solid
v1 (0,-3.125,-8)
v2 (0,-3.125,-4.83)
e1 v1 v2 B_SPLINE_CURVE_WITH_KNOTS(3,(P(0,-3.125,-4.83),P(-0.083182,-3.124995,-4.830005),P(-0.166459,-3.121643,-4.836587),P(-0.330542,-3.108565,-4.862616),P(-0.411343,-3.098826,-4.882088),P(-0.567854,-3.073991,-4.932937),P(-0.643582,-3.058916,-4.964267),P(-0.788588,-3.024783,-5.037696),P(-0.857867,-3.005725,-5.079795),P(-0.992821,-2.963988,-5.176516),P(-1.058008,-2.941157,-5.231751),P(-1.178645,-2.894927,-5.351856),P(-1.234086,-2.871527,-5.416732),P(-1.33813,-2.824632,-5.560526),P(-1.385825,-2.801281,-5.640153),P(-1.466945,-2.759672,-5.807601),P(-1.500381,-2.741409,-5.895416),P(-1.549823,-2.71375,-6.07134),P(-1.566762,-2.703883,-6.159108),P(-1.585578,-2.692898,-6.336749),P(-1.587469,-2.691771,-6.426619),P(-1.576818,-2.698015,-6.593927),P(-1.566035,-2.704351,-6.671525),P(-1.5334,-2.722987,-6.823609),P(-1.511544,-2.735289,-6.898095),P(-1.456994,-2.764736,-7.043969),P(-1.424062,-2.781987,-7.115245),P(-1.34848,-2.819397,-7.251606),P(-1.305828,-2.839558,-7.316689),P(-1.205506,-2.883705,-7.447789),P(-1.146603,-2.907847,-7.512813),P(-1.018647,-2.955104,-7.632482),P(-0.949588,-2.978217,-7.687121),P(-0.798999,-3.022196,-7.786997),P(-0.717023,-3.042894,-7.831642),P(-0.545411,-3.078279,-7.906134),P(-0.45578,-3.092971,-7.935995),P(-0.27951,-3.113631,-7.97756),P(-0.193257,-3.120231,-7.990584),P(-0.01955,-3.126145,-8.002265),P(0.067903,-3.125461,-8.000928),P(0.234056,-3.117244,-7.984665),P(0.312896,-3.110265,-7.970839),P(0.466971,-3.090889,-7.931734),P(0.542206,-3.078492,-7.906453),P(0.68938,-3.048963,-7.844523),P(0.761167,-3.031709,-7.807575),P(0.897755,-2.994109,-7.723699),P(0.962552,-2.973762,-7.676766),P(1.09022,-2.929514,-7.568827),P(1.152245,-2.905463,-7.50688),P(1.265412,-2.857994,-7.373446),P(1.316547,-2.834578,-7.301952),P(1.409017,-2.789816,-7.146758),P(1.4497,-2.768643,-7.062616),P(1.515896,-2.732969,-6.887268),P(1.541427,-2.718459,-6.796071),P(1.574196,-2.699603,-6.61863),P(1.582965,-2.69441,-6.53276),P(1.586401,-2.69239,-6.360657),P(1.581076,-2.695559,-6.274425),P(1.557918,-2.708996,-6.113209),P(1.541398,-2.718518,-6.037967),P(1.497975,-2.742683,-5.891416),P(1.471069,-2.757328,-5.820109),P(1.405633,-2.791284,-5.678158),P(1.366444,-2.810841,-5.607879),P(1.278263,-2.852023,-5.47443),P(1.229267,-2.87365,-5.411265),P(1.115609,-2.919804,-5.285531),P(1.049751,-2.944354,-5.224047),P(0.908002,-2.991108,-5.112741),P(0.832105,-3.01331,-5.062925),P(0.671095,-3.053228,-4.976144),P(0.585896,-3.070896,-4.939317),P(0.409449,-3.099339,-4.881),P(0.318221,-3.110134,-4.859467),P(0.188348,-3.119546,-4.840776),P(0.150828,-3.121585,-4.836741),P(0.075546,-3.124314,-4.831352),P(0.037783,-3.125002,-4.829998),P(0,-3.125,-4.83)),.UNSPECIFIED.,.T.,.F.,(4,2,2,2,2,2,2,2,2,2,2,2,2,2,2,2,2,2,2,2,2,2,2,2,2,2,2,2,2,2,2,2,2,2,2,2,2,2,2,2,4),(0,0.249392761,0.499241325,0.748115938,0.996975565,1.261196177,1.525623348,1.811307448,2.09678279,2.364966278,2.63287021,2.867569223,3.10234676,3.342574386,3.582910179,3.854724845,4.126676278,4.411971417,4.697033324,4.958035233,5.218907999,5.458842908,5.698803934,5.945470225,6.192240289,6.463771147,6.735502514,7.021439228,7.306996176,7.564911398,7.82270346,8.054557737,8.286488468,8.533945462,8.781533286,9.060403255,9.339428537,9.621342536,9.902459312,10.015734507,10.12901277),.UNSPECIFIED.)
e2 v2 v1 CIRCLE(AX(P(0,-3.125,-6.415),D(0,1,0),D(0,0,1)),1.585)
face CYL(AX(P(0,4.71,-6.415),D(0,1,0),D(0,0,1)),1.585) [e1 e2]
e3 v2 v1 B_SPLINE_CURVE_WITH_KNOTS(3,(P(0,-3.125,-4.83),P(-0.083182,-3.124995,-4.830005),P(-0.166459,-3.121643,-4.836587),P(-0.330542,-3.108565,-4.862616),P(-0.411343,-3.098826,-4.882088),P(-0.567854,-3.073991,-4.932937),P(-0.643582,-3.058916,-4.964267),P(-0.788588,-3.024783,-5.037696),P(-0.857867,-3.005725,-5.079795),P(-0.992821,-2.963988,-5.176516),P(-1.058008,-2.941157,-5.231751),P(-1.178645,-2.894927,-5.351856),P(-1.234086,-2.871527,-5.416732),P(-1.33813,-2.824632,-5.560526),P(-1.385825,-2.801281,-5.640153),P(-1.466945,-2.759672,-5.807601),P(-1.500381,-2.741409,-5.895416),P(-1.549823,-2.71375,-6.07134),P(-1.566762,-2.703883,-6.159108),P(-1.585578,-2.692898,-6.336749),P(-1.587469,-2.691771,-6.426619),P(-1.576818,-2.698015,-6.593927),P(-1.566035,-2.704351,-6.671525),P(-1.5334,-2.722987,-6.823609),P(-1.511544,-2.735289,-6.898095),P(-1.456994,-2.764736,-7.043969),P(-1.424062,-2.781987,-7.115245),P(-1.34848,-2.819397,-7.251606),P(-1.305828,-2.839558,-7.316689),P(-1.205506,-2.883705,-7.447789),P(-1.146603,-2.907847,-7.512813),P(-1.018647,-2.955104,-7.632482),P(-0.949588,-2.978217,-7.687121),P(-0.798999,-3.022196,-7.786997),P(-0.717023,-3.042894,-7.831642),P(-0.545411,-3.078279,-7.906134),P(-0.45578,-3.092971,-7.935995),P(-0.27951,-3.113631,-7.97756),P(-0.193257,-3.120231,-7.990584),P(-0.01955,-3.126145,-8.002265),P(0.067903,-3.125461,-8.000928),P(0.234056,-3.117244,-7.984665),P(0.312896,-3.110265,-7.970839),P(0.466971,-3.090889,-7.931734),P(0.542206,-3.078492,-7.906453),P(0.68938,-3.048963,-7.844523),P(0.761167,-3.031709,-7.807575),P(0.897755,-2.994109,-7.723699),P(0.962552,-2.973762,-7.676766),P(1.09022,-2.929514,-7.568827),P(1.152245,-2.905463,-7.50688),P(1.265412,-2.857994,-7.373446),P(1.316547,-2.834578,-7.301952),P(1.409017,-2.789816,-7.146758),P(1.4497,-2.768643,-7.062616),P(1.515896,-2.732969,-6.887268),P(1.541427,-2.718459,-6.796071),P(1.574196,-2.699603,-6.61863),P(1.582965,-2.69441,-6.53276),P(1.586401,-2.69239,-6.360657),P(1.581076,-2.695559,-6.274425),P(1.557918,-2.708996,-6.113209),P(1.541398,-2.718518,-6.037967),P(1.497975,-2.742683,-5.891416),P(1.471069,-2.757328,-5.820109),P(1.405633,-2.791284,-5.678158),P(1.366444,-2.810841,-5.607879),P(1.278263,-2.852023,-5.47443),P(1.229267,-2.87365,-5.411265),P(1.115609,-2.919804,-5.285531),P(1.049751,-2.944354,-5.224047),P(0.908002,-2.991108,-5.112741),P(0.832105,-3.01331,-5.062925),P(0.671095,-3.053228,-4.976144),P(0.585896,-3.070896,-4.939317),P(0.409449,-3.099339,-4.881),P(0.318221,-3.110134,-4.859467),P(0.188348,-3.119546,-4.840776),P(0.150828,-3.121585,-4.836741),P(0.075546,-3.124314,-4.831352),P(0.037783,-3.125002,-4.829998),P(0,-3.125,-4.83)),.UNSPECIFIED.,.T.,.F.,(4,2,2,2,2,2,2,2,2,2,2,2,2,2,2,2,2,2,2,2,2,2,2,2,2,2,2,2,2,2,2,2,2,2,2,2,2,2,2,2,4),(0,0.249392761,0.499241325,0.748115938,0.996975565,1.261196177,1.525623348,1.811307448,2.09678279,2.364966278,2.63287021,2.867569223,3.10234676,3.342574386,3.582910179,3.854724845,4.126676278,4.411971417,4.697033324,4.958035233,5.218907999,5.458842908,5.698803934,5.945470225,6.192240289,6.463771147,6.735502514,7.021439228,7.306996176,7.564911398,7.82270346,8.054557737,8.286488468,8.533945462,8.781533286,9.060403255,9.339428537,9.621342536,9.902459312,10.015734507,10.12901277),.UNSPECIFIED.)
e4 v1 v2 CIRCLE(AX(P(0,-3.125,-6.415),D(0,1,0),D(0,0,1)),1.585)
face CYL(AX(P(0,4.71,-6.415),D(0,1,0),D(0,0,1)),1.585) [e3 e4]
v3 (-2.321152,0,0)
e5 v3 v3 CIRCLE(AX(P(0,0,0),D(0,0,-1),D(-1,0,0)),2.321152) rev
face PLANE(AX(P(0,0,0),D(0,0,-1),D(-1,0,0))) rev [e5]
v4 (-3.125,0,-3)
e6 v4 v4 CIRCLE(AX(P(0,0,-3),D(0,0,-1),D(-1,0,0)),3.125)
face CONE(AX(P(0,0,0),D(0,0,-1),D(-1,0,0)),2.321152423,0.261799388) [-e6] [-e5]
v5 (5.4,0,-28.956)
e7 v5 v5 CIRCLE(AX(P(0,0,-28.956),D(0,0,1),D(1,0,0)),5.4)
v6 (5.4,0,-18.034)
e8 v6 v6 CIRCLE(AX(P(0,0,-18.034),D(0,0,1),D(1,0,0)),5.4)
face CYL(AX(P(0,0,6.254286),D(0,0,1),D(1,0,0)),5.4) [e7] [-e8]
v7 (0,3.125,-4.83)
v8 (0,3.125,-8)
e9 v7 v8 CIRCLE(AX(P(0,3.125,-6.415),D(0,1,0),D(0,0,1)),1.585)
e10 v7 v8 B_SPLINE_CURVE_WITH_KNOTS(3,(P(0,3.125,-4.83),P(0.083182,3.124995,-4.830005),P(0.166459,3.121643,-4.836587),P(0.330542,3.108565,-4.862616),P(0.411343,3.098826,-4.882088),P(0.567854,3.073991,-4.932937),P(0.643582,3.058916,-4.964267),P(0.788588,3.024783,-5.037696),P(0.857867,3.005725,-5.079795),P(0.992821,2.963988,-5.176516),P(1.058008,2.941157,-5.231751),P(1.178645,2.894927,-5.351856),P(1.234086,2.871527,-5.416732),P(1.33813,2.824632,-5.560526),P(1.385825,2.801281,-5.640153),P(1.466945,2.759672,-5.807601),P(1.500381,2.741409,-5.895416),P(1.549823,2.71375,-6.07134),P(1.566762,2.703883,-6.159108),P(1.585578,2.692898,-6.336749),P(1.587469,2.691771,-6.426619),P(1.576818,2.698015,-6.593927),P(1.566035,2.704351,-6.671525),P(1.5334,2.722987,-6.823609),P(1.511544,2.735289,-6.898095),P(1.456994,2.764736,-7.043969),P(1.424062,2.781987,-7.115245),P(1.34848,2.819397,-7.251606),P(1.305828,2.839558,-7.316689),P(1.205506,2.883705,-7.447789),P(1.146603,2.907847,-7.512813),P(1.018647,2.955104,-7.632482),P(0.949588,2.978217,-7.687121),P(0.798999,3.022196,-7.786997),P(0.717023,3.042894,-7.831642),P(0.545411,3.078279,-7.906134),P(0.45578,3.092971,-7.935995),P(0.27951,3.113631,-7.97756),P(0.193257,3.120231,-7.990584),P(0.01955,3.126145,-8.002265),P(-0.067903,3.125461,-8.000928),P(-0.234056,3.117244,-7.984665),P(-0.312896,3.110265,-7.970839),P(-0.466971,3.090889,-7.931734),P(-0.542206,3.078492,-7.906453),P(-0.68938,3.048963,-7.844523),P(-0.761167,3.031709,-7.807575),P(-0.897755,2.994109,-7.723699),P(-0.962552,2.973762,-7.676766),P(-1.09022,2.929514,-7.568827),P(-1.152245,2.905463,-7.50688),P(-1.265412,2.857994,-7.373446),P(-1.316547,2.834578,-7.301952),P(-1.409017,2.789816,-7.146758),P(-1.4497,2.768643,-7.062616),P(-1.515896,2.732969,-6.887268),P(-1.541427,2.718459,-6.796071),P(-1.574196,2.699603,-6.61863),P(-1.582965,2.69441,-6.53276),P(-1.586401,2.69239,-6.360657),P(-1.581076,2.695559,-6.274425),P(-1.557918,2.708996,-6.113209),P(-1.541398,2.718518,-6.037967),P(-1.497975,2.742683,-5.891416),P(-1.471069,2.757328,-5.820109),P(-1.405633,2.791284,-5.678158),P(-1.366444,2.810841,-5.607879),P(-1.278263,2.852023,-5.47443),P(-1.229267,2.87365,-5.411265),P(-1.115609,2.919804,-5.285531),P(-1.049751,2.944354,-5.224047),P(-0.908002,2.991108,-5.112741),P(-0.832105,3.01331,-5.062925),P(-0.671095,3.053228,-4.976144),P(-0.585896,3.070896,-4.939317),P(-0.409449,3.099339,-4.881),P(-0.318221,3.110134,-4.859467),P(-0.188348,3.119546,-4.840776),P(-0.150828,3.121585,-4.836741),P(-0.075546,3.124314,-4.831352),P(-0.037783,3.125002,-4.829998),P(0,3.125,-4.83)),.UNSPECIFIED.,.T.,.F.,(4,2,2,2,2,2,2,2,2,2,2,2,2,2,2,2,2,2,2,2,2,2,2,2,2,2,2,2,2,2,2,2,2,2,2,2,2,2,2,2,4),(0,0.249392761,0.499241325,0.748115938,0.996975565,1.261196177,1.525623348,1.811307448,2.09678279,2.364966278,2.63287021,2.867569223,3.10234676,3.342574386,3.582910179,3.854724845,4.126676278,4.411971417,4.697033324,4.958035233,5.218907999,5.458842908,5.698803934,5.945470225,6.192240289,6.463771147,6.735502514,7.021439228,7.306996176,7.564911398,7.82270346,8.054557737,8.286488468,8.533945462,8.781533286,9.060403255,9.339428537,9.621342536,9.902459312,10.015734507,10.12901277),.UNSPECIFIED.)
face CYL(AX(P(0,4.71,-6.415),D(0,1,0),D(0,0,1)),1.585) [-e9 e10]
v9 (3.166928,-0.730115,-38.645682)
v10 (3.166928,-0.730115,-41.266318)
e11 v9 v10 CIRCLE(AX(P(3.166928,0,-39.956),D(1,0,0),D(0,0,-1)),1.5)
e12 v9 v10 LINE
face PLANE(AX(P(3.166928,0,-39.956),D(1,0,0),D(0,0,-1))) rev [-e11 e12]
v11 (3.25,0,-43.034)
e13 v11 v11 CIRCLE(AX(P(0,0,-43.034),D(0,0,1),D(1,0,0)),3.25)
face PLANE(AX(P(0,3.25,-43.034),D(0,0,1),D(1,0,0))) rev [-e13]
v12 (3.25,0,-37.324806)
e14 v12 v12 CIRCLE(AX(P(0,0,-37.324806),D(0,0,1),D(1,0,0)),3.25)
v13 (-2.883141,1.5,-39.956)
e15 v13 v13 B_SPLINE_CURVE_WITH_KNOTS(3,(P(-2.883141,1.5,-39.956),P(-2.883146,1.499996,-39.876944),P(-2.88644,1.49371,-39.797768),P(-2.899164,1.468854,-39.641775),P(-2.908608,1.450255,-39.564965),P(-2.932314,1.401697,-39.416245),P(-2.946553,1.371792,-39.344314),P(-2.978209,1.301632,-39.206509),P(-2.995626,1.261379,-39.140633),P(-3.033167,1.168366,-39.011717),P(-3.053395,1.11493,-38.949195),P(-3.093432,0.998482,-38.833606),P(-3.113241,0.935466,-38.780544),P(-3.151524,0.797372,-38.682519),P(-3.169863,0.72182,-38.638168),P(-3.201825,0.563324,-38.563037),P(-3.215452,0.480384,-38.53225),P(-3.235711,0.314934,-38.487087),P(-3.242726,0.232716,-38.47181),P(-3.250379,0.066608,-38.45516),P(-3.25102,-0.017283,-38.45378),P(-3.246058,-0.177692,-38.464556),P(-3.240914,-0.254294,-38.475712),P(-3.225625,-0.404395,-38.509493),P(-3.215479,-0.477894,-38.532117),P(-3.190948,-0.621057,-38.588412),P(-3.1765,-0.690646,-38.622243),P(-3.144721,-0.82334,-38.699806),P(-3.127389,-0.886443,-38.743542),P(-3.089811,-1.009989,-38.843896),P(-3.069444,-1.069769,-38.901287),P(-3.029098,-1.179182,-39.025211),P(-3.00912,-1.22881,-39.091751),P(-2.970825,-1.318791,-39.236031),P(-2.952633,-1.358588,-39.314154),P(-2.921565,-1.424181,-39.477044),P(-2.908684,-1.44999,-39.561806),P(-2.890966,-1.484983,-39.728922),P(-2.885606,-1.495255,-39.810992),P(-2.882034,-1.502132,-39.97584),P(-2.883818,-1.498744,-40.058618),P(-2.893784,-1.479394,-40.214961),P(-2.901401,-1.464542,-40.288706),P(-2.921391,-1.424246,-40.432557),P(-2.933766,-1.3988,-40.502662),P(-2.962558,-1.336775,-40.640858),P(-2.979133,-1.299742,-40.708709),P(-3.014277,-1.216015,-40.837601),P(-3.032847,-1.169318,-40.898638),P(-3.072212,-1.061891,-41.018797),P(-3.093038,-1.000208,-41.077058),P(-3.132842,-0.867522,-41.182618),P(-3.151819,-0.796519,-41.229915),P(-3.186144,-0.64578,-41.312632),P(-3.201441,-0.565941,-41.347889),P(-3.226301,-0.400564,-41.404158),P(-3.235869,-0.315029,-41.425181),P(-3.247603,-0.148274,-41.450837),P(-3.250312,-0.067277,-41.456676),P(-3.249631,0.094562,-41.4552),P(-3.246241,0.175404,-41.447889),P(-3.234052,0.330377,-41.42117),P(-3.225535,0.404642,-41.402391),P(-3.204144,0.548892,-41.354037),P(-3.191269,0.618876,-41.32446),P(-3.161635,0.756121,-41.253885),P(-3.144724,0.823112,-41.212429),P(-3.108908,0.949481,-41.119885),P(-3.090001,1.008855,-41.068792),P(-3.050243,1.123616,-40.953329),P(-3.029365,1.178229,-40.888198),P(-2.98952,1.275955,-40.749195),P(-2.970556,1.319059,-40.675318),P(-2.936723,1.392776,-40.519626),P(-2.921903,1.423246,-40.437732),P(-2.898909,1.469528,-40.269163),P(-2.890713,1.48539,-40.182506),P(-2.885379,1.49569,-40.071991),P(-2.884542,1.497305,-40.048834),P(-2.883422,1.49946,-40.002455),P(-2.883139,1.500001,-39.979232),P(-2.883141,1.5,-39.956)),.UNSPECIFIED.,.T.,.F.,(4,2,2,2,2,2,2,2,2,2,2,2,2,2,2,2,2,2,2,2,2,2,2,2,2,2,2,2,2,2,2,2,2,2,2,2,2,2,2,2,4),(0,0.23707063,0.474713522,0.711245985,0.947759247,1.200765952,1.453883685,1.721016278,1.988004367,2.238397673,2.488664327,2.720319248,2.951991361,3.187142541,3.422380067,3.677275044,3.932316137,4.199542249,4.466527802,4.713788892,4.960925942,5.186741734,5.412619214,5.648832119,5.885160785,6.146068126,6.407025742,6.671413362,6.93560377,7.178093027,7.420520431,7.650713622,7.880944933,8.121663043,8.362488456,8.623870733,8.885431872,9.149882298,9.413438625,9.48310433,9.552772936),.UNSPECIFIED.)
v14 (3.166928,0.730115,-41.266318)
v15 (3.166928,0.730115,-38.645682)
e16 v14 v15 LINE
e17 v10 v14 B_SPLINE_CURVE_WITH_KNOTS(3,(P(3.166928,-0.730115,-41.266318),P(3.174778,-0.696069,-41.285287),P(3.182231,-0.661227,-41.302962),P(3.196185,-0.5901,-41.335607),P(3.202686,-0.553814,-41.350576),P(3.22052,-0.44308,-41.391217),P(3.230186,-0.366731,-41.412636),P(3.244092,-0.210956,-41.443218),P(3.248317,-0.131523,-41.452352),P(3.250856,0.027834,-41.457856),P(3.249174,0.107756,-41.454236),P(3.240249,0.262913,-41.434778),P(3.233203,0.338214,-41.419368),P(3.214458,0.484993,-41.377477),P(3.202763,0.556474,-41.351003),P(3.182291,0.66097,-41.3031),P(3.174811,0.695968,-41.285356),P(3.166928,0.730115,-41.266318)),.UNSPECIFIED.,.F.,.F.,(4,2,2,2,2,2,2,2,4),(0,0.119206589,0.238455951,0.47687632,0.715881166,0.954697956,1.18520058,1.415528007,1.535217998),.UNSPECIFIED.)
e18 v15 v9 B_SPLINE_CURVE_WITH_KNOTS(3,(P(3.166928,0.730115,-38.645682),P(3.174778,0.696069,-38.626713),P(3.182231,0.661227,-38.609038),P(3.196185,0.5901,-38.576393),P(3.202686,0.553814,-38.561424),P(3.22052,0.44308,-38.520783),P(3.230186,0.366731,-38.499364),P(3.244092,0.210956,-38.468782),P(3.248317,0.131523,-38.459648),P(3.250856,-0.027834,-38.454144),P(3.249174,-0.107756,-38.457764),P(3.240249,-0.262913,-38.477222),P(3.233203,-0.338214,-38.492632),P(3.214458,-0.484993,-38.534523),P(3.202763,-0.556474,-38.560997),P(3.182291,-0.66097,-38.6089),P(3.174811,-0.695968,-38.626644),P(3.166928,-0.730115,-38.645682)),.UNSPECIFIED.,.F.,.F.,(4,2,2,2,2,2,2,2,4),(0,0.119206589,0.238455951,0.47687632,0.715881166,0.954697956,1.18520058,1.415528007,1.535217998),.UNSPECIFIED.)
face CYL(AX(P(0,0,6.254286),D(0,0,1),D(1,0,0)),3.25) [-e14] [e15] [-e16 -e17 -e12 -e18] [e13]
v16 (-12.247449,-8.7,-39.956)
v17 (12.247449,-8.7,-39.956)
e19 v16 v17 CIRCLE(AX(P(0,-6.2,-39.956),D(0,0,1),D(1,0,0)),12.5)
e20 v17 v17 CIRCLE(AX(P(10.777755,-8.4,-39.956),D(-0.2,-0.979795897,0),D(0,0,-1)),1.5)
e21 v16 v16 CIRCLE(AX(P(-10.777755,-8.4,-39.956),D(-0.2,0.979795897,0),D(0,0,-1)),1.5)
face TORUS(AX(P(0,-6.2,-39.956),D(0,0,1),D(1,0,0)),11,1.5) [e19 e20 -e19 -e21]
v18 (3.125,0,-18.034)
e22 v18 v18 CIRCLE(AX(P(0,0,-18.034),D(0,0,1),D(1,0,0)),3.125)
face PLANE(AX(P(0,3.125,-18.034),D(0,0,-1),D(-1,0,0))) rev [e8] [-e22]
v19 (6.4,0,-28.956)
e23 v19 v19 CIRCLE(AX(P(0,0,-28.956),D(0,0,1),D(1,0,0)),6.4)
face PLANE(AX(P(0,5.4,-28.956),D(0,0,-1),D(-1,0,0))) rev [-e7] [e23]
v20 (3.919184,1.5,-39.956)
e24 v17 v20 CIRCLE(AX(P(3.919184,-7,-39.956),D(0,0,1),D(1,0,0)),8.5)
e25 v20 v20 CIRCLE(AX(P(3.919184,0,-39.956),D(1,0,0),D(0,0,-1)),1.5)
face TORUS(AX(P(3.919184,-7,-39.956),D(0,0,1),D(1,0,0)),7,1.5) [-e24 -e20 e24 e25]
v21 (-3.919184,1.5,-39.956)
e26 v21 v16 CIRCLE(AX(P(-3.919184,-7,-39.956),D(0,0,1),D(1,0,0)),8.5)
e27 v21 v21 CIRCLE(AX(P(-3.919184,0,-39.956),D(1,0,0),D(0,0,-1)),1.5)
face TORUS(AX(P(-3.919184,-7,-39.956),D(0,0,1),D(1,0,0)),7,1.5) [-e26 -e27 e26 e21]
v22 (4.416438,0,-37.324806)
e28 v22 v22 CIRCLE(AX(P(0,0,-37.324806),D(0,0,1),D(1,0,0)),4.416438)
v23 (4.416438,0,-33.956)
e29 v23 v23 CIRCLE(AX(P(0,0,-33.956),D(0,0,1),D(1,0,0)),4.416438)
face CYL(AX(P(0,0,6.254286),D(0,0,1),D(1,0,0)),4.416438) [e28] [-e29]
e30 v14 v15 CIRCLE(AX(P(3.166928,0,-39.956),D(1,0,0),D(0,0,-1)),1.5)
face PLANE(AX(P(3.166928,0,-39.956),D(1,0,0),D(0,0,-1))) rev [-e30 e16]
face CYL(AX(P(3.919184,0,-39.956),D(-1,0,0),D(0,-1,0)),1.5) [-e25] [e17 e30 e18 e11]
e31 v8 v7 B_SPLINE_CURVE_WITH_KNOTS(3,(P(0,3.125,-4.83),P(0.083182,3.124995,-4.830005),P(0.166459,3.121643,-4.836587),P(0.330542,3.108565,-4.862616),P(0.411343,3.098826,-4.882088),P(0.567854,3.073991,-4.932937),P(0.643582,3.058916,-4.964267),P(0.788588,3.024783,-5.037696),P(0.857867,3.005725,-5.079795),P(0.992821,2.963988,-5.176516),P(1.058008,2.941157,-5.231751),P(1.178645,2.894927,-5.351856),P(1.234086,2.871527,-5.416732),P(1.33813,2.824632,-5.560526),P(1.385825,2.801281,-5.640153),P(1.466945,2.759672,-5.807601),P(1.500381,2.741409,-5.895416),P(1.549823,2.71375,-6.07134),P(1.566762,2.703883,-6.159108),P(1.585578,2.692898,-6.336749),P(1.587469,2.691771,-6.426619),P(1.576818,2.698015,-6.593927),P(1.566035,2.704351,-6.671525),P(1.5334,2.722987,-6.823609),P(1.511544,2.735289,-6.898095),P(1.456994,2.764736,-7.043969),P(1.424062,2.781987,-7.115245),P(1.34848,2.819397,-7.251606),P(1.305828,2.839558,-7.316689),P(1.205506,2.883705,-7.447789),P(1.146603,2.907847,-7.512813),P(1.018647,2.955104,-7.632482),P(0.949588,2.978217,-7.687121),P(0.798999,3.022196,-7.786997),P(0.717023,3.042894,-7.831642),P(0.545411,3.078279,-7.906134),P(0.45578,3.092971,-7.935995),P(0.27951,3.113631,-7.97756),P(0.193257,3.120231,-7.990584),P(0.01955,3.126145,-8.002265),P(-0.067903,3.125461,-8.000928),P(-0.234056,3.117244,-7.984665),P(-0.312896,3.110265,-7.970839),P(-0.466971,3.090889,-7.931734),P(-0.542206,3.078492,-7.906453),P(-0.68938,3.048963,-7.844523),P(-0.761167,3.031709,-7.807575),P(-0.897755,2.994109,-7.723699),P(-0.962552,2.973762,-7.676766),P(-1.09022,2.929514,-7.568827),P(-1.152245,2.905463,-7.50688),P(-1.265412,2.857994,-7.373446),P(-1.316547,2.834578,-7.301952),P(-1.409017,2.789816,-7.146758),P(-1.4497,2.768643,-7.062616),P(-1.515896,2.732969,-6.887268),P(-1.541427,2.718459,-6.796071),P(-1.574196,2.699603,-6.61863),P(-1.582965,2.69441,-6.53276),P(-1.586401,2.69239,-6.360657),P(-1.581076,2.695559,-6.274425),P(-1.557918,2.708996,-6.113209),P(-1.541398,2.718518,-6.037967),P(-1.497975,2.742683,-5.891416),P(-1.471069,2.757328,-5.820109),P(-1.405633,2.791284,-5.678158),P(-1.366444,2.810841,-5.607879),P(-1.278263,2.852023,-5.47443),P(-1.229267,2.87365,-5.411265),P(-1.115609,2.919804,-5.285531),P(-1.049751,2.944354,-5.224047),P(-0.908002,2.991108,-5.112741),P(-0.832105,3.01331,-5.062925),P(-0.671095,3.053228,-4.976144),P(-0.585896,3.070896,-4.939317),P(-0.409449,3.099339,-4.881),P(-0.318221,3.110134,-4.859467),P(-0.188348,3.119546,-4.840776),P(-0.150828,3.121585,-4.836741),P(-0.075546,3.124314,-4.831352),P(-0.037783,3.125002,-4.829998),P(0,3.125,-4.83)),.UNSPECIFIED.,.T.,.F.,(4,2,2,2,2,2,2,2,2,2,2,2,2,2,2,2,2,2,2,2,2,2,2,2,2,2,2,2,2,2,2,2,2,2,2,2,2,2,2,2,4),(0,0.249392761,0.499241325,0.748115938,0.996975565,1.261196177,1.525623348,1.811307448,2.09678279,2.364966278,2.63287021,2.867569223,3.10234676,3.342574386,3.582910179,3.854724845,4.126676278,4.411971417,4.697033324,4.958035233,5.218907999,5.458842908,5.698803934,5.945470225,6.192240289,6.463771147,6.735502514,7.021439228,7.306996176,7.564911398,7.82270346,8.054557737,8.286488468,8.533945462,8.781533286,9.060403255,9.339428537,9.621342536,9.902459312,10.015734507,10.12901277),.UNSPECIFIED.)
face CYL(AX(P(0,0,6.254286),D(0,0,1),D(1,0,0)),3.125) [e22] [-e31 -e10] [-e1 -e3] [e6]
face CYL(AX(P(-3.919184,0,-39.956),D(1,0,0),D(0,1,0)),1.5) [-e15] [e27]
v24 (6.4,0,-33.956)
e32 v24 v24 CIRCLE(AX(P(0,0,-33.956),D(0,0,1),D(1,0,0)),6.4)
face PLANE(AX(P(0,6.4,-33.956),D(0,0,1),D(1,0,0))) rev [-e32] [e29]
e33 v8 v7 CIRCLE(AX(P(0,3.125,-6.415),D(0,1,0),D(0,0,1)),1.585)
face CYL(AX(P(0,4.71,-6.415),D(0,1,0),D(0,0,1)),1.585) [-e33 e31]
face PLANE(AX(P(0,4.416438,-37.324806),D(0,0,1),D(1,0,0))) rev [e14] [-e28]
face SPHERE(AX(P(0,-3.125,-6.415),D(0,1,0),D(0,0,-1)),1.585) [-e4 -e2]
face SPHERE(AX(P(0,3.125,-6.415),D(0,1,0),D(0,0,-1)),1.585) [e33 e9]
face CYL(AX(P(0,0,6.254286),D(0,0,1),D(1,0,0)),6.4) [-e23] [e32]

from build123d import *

# Parameters (mm, degrees)
CHAMFER1_SIZE  = 3
CHAMFER1_SIZE2 = 0.803847577
SKETCH4_R      = 1.5


with BuildPart() as part:
    # Sketch1 → Revolve1 (revolve)
    with BuildSketch(Plane(origin=(0, 0, 0), x_dir=(0, 0, -1), z_dir=(1, 0, 0)), mode=Mode.PRIVATE) as revolve1_sk:
        Polygon((0, 0), (0, 3.125), (18.034, 3.125), (18.034, 5.4), (28.956, 5.4), (28.956, 6.4), (33.956, 6.4), (33.956, 4.416438242), (37.324805723, 4.416438242), (37.324805723, 3.25), (43.034, 3.25), (43.034, 0), align=None)
    revolve(revolve1_sk.sketch.rotate(Axis((0, 0, 6.254285714), (0, 0, -1)), 90), axis=Axis((0, 0, 6.254285714), (0, 0, -1)))

    # Chamfer1
    chamfer1_edges = [part.edges().sort_by_distance(p)[0] for p in [
        (-3.125, 0, 0),
    ]]
    chamfer1_side = [part.faces().sort_by_distance(p)[0] for p in [
        (-3.125, 0, -9.017),
    ]]
    chamfer(chamfer1_edges, length=CHAMFER1_SIZE, length2=CHAMFER1_SIZE2, reference=chamfer1_side[0])

    # Sketch2 → Revolve2 (revolve)
    with BuildSketch(Plane(origin=(0, 0, 0), x_dir=(0, 0, -1), z_dir=(1, 0, 0))):
        with BuildLine():
            Line((8, 3.125), (8, -3.125))
            ThreePointArc((8, -3.125), (7.535764248, -4.245764248), (6.415, -4.71))
            Line((6.415, -4.71), (6.415, 4.71))
            ThreePointArc((6.415, 4.71), (7.535764248, 4.245764248), (8, 3.125))
        make_face()
    revolve(axis=Axis((0, 4.71, -6.415), (0, -1, 0)))

    # Sweep2: sweep along a path in Sketch3
    with BuildLine(Plane(origin=(0, 42, -39.956), x_dir=(1, 0, 0), z_dir=(0, 0, -1))) as sweep2_path:
        Line((0, 42), (-3.919183588, 42))
        ThreePointArc((-3.919183588, 42), (-9.341360273, 44.572811276), (-10.777754868, 50.4))
        ThreePointArc((-10.777754868, 50.4), (0, 59.2), (10.777754868, 50.4))
        ThreePointArc((10.777754868, 50.4), (9.341360273, 44.572811276), (3.919183588, 42))
        Line((3.919183588, 42), (3.166927962, 42))
    # Sketch4 → Sweep2 (sweep)
    with BuildSketch(Plane(origin=(0, 0, 0), x_dir=(0, 0, -1), z_dir=(1, 0, 0))):
        with Locations((39.956, 0)):
            Circle(SKETCH4_R)
    sweep(path=sweep2_path.line)


solid = part.part
